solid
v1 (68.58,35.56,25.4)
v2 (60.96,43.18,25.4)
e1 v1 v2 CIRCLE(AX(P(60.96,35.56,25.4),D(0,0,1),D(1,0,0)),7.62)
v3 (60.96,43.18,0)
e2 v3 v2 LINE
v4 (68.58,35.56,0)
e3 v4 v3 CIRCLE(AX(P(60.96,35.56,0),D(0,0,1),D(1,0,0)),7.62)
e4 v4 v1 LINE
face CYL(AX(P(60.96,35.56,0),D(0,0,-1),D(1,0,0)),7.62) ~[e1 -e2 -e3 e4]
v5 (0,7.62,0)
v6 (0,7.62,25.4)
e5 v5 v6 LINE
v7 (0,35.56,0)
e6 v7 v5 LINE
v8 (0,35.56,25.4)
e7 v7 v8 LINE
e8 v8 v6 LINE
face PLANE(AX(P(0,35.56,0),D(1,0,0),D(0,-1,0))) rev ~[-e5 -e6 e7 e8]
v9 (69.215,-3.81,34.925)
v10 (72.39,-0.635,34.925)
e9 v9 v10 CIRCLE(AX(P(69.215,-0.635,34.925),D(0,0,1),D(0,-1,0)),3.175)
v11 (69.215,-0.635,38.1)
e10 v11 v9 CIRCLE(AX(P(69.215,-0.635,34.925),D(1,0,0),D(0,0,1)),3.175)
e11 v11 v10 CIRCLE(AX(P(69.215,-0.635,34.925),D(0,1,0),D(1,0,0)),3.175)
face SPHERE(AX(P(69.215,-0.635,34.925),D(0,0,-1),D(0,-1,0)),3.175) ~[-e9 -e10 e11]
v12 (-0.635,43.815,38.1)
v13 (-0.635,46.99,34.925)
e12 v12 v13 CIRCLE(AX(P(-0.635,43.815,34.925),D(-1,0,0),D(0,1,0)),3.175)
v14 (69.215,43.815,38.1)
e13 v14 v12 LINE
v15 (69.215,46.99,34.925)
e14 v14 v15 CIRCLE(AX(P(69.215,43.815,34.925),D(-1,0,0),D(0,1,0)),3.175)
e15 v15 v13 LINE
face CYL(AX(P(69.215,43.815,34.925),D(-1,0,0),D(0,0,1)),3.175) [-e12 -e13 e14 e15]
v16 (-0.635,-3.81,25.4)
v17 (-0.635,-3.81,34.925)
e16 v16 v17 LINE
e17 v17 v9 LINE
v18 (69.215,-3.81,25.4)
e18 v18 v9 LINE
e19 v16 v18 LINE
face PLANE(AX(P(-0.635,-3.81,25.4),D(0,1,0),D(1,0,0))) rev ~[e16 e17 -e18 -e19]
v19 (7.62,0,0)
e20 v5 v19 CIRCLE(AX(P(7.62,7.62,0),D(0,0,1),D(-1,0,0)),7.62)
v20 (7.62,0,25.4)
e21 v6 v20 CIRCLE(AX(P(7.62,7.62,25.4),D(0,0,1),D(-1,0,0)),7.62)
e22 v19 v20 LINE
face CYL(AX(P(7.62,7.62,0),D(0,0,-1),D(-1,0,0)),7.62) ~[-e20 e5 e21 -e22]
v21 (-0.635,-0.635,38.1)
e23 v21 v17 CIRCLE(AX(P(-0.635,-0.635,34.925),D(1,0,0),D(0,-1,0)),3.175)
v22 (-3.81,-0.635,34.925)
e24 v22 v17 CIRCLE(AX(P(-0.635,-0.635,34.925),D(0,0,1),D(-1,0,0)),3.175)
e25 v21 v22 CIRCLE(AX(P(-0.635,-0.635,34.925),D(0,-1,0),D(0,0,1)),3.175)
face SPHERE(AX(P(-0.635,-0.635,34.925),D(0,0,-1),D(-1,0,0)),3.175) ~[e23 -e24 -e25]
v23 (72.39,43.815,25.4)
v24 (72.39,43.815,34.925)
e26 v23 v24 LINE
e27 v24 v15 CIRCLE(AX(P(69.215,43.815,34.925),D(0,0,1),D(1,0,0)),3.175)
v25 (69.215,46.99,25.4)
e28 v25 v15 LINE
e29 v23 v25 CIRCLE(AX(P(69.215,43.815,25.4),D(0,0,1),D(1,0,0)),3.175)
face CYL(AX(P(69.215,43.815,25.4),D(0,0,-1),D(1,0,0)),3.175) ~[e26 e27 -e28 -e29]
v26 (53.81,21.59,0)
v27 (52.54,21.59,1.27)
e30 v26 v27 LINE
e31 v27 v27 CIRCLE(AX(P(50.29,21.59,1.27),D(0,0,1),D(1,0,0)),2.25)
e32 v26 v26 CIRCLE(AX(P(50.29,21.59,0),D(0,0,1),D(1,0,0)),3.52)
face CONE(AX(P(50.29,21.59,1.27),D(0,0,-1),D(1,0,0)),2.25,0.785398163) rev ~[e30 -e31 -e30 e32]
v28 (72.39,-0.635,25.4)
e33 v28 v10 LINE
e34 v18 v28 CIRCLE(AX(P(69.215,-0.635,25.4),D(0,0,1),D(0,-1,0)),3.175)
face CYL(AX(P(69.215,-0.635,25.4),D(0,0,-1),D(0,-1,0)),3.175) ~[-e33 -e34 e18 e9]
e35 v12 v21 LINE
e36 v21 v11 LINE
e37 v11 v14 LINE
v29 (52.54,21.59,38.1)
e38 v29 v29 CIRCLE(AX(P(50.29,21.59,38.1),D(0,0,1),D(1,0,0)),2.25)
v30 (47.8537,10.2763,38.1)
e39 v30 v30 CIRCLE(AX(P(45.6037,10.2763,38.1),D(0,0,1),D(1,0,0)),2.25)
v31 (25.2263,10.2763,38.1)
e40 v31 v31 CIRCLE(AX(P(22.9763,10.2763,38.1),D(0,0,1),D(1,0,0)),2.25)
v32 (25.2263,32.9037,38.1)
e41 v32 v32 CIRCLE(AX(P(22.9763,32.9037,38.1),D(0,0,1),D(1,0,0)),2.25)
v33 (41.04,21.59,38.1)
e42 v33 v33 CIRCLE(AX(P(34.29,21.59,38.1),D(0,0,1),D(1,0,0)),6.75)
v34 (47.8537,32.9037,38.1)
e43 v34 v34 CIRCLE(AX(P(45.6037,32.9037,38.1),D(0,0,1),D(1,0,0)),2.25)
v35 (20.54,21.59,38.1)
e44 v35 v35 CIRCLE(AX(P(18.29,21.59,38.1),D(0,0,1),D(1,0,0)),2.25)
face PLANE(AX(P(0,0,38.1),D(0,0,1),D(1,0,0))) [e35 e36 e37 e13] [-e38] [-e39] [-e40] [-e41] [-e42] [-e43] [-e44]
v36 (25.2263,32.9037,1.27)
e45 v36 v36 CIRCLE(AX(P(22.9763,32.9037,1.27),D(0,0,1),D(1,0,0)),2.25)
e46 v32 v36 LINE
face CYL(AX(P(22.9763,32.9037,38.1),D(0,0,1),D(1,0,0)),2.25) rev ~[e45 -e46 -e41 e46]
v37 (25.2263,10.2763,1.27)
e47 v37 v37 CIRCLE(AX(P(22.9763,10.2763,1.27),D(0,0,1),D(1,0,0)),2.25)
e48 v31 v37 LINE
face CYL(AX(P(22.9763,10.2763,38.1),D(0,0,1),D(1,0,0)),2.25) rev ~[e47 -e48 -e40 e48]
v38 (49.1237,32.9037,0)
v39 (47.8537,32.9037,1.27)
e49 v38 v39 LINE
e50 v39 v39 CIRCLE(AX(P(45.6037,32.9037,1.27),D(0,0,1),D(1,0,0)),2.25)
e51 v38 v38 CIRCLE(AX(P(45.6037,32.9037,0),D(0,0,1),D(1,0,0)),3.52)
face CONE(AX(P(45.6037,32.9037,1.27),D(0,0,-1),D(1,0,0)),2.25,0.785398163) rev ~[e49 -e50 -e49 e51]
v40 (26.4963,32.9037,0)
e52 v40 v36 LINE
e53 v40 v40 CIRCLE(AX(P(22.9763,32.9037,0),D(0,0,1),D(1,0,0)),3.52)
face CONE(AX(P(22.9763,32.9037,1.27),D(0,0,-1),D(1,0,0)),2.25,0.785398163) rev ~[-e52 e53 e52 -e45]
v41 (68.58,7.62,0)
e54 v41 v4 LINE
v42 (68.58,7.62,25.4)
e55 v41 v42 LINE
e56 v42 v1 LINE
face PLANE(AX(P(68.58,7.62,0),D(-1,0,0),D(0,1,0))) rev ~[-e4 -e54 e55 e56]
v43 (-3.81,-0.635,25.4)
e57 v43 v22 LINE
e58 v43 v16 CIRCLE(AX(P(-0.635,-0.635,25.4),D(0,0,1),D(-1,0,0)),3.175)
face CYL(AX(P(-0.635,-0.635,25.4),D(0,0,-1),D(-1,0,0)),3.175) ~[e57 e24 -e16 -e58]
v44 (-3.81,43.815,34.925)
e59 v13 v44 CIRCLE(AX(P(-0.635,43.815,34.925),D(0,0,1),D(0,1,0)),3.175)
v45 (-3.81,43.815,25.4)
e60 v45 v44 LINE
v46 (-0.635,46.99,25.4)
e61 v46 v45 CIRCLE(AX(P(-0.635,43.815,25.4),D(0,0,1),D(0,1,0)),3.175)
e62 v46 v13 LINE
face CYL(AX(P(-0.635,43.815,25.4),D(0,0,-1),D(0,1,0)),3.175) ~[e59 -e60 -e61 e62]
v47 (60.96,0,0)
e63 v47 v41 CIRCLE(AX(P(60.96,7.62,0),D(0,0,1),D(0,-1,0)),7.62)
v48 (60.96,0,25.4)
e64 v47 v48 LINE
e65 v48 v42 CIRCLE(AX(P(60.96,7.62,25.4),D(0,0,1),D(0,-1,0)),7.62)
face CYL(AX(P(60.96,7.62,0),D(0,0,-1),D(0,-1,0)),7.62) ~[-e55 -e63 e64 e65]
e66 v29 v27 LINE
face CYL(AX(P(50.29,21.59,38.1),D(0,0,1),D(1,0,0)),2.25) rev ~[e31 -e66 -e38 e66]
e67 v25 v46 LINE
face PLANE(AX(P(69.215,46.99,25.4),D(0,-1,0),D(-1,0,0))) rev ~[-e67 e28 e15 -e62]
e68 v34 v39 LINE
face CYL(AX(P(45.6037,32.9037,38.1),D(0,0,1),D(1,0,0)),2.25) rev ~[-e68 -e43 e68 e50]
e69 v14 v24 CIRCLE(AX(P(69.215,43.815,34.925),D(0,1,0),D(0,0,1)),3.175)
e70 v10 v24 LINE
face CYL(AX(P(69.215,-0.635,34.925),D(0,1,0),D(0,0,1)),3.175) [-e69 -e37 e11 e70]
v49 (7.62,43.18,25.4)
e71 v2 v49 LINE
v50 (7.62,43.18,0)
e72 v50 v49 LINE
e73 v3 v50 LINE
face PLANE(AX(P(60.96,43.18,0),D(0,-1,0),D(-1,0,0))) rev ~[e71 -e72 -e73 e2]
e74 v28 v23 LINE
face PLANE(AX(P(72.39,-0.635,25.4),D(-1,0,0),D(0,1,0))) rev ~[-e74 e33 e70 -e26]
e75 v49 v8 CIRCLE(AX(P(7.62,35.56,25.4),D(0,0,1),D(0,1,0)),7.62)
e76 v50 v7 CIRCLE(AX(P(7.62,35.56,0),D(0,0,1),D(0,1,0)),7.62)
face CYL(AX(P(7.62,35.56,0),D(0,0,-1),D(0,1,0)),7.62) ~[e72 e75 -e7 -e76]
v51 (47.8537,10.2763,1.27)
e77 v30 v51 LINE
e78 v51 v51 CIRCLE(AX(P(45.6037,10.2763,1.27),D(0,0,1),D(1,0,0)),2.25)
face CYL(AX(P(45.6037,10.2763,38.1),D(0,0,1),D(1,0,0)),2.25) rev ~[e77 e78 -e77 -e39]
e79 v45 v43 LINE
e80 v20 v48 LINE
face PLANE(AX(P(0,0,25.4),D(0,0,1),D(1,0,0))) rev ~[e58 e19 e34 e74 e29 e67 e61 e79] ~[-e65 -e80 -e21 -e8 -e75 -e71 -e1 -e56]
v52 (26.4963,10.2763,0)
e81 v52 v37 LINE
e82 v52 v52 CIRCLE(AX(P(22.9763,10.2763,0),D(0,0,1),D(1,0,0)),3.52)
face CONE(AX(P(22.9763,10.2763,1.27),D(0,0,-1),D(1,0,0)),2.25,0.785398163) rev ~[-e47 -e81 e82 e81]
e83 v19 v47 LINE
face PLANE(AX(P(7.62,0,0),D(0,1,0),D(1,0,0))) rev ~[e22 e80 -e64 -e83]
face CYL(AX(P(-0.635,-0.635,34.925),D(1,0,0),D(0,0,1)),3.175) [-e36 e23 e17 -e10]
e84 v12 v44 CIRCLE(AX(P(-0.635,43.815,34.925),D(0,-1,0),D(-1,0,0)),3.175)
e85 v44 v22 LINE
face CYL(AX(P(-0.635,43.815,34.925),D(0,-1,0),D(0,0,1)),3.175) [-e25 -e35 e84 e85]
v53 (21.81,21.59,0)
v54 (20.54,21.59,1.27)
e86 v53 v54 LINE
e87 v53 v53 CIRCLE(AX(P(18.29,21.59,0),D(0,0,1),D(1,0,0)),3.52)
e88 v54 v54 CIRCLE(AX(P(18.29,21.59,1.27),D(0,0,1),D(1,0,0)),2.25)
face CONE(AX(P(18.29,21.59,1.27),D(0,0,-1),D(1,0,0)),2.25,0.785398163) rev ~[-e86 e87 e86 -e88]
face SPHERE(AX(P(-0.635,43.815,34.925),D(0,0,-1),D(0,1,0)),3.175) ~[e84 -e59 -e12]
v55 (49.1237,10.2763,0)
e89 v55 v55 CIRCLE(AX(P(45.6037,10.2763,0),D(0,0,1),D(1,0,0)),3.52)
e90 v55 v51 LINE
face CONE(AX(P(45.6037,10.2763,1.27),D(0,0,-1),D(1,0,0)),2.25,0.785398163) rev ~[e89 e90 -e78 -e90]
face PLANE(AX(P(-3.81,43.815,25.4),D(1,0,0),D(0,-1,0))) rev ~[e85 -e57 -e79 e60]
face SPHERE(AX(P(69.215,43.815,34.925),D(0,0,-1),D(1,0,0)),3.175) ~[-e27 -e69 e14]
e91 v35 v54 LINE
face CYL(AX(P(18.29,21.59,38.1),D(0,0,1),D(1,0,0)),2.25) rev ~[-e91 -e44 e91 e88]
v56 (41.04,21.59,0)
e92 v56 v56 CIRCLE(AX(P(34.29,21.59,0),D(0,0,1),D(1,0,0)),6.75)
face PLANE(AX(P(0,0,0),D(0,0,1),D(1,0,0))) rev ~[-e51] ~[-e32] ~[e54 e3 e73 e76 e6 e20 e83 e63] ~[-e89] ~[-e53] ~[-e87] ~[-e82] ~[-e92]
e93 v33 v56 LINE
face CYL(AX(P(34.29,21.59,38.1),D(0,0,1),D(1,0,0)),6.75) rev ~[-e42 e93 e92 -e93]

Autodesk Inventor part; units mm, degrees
ref_plane "YZ Plane" through (0, 0, 0) normal (1, 0, 0) x (0, 1, 0)
ref_plane "XZ Plane" through (0, 0, 0) normal (0, 1, 0) x (-1, 0, 0)
ref_plane "XY Plane" through (0, 0, 0) normal (0, 0, 1) x (1, 0, 0)
sketch "Sketch1" plane through (0, 0, 0) normal (0, 0, 1) x (1, 0, 0)
  line L0 (7.62, 0) -> (60.96, 0)
  line L1 (68.58, 7.62) -> (68.58, 35.56)
  line L2 (60.96, 43.18) -> (7.62, 43.18)
  line L3 (0, 35.56) -> (0, 7.62)
  arc A0 (7.62, 43.18) -> (0, 35.56) centre (7.62, 35.56) ccw
  arc A1 (0, 7.62) -> (7.62, 0) centre (7.62, 7.62) ccw
  arc A2 (60.96, 0) -> (68.58, 7.62) centre (60.96, 7.62) ccw
  arc A3 (68.58, 35.56) -> (60.96, 43.18) centre (60.96, 35.56) ccw
  point P0 (0, 0)
  point P1 (68.58, 43.18)
  point P2 (68.58, 0)
  point P3 (0, 43.18)
  dimension "d0" = 68.58
  dimension "d1" = 43.18
  dimension "d2" = 7.62
extrude "Extrusion1" add sketch "Sketch1" along normal blind 25.4
sketch "Sketch2" plane through (0, 0, 25.4) normal (0, 0, 1) x (1, 0, 0)
  line L0 (-0.635, -3.81) -> (69.215, -3.81)
  line L1 (72.39, -0.635) -> (72.39, 43.815)
  line L2 (69.215, 46.99) -> (-0.635, 46.99)
  line L3 (-3.81, 43.815) -> (-3.81, -0.635)
  arc A0 (-0.635, 46.99) -> (-3.81, 43.815) centre (-0.635, 43.815) ccw
  arc A1 (-3.81, -0.635) -> (-0.635, -3.81) centre (-0.635, -0.635) ccw
  arc A2 (69.215, -3.81) -> (72.39, -0.635) centre (69.215, -0.635) ccw
  arc A3 (72.39, 43.815) -> (69.215, 46.99) centre (69.215, 43.815) ccw
  line L4 (60.96, 43.18) -> (7.62, 43.18) construction
  line L5 (0, 35.56) -> (0, 7.62) construction
  point P0 (0, 0)
  point P1 (72.39, 46.99)
  point P2 (72.39, -3.81)
  point P3 (-3.81, 46.99)
  point P4 (34.29, 46.99)
  point P5 (34.29, 43.18)
  point P6 (-3.81, 21.59)
  point P7 (0, 21.59)
  dimension "d5" = 76.2
  dimension "d6" = 50.8
  dimension "d7" = 3.175
extrude "Extrusion2" add sketch "Sketch2" along normal blind 12.7
fillet "Fillet1" radius 3.175 8 edges at (-2.8801, 46.0601, 38.1) (-3.81, 21.59, 38.1) (-2.8801, -2.8801, 38.1) (34.29, -3.81, 38.1) (71.4601, -2.8801, 38.1) (72.39, 21.59, 38.1) (71.4601, 46.0601, 38.1) (34.29, 46.99, 38.1)
sketch "Sketch3" plane through (0, 0, 38.1) normal (0, 0, 1) x (1, 0, 0)
  line L0 (69.215, 46.99) -> (-0.635, 46.99) construction
  line L1 (69.215, 46.99) -> (-0.635, 46.99) construction
  line L2 (-3.81, 43.815) -> (-3.81, -0.635) construction
  line L3 (-3.81, 43.815) -> (-3.81, -0.635) construction
  circle A0 centre (34.29, 21.59) radius 6.75
  circle A1 centre (34.29, 21.59) radius 16 construction
  circle A2 centre (22.9763, 32.9037) radius 2.25
  circle A3 centre (45.6037, 32.9037) radius 2.25
  circle A4 centre (18.29, 21.59) radius 2.25
  circle A5 centre (50.29, 21.59) radius 2.25
  circle A6 centre (22.9763, 10.2763) radius 2.25
  circle A7 centre (45.6037, 10.2763) radius 2.25
  line L4 (22.9763, 32.9037) -> (34.29, 21.59) construction
  line L5 (34.29, 21.59) -> (18.29, 21.59) construction
  point P0 (0, 0)
  point P1 (34.29, 46.99)
  point P2 (-3.81, 21.59)
  point P3 (-3.81, 21.59)
  dimension "d11" = 13.5
  dimension "d14" = 4.5
  dimension "d15" = 32
  dimension "d16" = 45
extrude "Extrusion3" cut sketch "Sketch3" against normal up to surface (38.1 mm away)
chamfer "Chamfer1" distance 1.27 angle 45 6 edges at (43.3537, 32.9037, 0) (20.7263, 32.9037, 0) (16.04, 21.59, 0) (48.04, 21.59, 0) (43.3537, 10.2763, 0) (20.7263, 10.2763, 0)
properties part number "2x3_Spacer_Rear"
